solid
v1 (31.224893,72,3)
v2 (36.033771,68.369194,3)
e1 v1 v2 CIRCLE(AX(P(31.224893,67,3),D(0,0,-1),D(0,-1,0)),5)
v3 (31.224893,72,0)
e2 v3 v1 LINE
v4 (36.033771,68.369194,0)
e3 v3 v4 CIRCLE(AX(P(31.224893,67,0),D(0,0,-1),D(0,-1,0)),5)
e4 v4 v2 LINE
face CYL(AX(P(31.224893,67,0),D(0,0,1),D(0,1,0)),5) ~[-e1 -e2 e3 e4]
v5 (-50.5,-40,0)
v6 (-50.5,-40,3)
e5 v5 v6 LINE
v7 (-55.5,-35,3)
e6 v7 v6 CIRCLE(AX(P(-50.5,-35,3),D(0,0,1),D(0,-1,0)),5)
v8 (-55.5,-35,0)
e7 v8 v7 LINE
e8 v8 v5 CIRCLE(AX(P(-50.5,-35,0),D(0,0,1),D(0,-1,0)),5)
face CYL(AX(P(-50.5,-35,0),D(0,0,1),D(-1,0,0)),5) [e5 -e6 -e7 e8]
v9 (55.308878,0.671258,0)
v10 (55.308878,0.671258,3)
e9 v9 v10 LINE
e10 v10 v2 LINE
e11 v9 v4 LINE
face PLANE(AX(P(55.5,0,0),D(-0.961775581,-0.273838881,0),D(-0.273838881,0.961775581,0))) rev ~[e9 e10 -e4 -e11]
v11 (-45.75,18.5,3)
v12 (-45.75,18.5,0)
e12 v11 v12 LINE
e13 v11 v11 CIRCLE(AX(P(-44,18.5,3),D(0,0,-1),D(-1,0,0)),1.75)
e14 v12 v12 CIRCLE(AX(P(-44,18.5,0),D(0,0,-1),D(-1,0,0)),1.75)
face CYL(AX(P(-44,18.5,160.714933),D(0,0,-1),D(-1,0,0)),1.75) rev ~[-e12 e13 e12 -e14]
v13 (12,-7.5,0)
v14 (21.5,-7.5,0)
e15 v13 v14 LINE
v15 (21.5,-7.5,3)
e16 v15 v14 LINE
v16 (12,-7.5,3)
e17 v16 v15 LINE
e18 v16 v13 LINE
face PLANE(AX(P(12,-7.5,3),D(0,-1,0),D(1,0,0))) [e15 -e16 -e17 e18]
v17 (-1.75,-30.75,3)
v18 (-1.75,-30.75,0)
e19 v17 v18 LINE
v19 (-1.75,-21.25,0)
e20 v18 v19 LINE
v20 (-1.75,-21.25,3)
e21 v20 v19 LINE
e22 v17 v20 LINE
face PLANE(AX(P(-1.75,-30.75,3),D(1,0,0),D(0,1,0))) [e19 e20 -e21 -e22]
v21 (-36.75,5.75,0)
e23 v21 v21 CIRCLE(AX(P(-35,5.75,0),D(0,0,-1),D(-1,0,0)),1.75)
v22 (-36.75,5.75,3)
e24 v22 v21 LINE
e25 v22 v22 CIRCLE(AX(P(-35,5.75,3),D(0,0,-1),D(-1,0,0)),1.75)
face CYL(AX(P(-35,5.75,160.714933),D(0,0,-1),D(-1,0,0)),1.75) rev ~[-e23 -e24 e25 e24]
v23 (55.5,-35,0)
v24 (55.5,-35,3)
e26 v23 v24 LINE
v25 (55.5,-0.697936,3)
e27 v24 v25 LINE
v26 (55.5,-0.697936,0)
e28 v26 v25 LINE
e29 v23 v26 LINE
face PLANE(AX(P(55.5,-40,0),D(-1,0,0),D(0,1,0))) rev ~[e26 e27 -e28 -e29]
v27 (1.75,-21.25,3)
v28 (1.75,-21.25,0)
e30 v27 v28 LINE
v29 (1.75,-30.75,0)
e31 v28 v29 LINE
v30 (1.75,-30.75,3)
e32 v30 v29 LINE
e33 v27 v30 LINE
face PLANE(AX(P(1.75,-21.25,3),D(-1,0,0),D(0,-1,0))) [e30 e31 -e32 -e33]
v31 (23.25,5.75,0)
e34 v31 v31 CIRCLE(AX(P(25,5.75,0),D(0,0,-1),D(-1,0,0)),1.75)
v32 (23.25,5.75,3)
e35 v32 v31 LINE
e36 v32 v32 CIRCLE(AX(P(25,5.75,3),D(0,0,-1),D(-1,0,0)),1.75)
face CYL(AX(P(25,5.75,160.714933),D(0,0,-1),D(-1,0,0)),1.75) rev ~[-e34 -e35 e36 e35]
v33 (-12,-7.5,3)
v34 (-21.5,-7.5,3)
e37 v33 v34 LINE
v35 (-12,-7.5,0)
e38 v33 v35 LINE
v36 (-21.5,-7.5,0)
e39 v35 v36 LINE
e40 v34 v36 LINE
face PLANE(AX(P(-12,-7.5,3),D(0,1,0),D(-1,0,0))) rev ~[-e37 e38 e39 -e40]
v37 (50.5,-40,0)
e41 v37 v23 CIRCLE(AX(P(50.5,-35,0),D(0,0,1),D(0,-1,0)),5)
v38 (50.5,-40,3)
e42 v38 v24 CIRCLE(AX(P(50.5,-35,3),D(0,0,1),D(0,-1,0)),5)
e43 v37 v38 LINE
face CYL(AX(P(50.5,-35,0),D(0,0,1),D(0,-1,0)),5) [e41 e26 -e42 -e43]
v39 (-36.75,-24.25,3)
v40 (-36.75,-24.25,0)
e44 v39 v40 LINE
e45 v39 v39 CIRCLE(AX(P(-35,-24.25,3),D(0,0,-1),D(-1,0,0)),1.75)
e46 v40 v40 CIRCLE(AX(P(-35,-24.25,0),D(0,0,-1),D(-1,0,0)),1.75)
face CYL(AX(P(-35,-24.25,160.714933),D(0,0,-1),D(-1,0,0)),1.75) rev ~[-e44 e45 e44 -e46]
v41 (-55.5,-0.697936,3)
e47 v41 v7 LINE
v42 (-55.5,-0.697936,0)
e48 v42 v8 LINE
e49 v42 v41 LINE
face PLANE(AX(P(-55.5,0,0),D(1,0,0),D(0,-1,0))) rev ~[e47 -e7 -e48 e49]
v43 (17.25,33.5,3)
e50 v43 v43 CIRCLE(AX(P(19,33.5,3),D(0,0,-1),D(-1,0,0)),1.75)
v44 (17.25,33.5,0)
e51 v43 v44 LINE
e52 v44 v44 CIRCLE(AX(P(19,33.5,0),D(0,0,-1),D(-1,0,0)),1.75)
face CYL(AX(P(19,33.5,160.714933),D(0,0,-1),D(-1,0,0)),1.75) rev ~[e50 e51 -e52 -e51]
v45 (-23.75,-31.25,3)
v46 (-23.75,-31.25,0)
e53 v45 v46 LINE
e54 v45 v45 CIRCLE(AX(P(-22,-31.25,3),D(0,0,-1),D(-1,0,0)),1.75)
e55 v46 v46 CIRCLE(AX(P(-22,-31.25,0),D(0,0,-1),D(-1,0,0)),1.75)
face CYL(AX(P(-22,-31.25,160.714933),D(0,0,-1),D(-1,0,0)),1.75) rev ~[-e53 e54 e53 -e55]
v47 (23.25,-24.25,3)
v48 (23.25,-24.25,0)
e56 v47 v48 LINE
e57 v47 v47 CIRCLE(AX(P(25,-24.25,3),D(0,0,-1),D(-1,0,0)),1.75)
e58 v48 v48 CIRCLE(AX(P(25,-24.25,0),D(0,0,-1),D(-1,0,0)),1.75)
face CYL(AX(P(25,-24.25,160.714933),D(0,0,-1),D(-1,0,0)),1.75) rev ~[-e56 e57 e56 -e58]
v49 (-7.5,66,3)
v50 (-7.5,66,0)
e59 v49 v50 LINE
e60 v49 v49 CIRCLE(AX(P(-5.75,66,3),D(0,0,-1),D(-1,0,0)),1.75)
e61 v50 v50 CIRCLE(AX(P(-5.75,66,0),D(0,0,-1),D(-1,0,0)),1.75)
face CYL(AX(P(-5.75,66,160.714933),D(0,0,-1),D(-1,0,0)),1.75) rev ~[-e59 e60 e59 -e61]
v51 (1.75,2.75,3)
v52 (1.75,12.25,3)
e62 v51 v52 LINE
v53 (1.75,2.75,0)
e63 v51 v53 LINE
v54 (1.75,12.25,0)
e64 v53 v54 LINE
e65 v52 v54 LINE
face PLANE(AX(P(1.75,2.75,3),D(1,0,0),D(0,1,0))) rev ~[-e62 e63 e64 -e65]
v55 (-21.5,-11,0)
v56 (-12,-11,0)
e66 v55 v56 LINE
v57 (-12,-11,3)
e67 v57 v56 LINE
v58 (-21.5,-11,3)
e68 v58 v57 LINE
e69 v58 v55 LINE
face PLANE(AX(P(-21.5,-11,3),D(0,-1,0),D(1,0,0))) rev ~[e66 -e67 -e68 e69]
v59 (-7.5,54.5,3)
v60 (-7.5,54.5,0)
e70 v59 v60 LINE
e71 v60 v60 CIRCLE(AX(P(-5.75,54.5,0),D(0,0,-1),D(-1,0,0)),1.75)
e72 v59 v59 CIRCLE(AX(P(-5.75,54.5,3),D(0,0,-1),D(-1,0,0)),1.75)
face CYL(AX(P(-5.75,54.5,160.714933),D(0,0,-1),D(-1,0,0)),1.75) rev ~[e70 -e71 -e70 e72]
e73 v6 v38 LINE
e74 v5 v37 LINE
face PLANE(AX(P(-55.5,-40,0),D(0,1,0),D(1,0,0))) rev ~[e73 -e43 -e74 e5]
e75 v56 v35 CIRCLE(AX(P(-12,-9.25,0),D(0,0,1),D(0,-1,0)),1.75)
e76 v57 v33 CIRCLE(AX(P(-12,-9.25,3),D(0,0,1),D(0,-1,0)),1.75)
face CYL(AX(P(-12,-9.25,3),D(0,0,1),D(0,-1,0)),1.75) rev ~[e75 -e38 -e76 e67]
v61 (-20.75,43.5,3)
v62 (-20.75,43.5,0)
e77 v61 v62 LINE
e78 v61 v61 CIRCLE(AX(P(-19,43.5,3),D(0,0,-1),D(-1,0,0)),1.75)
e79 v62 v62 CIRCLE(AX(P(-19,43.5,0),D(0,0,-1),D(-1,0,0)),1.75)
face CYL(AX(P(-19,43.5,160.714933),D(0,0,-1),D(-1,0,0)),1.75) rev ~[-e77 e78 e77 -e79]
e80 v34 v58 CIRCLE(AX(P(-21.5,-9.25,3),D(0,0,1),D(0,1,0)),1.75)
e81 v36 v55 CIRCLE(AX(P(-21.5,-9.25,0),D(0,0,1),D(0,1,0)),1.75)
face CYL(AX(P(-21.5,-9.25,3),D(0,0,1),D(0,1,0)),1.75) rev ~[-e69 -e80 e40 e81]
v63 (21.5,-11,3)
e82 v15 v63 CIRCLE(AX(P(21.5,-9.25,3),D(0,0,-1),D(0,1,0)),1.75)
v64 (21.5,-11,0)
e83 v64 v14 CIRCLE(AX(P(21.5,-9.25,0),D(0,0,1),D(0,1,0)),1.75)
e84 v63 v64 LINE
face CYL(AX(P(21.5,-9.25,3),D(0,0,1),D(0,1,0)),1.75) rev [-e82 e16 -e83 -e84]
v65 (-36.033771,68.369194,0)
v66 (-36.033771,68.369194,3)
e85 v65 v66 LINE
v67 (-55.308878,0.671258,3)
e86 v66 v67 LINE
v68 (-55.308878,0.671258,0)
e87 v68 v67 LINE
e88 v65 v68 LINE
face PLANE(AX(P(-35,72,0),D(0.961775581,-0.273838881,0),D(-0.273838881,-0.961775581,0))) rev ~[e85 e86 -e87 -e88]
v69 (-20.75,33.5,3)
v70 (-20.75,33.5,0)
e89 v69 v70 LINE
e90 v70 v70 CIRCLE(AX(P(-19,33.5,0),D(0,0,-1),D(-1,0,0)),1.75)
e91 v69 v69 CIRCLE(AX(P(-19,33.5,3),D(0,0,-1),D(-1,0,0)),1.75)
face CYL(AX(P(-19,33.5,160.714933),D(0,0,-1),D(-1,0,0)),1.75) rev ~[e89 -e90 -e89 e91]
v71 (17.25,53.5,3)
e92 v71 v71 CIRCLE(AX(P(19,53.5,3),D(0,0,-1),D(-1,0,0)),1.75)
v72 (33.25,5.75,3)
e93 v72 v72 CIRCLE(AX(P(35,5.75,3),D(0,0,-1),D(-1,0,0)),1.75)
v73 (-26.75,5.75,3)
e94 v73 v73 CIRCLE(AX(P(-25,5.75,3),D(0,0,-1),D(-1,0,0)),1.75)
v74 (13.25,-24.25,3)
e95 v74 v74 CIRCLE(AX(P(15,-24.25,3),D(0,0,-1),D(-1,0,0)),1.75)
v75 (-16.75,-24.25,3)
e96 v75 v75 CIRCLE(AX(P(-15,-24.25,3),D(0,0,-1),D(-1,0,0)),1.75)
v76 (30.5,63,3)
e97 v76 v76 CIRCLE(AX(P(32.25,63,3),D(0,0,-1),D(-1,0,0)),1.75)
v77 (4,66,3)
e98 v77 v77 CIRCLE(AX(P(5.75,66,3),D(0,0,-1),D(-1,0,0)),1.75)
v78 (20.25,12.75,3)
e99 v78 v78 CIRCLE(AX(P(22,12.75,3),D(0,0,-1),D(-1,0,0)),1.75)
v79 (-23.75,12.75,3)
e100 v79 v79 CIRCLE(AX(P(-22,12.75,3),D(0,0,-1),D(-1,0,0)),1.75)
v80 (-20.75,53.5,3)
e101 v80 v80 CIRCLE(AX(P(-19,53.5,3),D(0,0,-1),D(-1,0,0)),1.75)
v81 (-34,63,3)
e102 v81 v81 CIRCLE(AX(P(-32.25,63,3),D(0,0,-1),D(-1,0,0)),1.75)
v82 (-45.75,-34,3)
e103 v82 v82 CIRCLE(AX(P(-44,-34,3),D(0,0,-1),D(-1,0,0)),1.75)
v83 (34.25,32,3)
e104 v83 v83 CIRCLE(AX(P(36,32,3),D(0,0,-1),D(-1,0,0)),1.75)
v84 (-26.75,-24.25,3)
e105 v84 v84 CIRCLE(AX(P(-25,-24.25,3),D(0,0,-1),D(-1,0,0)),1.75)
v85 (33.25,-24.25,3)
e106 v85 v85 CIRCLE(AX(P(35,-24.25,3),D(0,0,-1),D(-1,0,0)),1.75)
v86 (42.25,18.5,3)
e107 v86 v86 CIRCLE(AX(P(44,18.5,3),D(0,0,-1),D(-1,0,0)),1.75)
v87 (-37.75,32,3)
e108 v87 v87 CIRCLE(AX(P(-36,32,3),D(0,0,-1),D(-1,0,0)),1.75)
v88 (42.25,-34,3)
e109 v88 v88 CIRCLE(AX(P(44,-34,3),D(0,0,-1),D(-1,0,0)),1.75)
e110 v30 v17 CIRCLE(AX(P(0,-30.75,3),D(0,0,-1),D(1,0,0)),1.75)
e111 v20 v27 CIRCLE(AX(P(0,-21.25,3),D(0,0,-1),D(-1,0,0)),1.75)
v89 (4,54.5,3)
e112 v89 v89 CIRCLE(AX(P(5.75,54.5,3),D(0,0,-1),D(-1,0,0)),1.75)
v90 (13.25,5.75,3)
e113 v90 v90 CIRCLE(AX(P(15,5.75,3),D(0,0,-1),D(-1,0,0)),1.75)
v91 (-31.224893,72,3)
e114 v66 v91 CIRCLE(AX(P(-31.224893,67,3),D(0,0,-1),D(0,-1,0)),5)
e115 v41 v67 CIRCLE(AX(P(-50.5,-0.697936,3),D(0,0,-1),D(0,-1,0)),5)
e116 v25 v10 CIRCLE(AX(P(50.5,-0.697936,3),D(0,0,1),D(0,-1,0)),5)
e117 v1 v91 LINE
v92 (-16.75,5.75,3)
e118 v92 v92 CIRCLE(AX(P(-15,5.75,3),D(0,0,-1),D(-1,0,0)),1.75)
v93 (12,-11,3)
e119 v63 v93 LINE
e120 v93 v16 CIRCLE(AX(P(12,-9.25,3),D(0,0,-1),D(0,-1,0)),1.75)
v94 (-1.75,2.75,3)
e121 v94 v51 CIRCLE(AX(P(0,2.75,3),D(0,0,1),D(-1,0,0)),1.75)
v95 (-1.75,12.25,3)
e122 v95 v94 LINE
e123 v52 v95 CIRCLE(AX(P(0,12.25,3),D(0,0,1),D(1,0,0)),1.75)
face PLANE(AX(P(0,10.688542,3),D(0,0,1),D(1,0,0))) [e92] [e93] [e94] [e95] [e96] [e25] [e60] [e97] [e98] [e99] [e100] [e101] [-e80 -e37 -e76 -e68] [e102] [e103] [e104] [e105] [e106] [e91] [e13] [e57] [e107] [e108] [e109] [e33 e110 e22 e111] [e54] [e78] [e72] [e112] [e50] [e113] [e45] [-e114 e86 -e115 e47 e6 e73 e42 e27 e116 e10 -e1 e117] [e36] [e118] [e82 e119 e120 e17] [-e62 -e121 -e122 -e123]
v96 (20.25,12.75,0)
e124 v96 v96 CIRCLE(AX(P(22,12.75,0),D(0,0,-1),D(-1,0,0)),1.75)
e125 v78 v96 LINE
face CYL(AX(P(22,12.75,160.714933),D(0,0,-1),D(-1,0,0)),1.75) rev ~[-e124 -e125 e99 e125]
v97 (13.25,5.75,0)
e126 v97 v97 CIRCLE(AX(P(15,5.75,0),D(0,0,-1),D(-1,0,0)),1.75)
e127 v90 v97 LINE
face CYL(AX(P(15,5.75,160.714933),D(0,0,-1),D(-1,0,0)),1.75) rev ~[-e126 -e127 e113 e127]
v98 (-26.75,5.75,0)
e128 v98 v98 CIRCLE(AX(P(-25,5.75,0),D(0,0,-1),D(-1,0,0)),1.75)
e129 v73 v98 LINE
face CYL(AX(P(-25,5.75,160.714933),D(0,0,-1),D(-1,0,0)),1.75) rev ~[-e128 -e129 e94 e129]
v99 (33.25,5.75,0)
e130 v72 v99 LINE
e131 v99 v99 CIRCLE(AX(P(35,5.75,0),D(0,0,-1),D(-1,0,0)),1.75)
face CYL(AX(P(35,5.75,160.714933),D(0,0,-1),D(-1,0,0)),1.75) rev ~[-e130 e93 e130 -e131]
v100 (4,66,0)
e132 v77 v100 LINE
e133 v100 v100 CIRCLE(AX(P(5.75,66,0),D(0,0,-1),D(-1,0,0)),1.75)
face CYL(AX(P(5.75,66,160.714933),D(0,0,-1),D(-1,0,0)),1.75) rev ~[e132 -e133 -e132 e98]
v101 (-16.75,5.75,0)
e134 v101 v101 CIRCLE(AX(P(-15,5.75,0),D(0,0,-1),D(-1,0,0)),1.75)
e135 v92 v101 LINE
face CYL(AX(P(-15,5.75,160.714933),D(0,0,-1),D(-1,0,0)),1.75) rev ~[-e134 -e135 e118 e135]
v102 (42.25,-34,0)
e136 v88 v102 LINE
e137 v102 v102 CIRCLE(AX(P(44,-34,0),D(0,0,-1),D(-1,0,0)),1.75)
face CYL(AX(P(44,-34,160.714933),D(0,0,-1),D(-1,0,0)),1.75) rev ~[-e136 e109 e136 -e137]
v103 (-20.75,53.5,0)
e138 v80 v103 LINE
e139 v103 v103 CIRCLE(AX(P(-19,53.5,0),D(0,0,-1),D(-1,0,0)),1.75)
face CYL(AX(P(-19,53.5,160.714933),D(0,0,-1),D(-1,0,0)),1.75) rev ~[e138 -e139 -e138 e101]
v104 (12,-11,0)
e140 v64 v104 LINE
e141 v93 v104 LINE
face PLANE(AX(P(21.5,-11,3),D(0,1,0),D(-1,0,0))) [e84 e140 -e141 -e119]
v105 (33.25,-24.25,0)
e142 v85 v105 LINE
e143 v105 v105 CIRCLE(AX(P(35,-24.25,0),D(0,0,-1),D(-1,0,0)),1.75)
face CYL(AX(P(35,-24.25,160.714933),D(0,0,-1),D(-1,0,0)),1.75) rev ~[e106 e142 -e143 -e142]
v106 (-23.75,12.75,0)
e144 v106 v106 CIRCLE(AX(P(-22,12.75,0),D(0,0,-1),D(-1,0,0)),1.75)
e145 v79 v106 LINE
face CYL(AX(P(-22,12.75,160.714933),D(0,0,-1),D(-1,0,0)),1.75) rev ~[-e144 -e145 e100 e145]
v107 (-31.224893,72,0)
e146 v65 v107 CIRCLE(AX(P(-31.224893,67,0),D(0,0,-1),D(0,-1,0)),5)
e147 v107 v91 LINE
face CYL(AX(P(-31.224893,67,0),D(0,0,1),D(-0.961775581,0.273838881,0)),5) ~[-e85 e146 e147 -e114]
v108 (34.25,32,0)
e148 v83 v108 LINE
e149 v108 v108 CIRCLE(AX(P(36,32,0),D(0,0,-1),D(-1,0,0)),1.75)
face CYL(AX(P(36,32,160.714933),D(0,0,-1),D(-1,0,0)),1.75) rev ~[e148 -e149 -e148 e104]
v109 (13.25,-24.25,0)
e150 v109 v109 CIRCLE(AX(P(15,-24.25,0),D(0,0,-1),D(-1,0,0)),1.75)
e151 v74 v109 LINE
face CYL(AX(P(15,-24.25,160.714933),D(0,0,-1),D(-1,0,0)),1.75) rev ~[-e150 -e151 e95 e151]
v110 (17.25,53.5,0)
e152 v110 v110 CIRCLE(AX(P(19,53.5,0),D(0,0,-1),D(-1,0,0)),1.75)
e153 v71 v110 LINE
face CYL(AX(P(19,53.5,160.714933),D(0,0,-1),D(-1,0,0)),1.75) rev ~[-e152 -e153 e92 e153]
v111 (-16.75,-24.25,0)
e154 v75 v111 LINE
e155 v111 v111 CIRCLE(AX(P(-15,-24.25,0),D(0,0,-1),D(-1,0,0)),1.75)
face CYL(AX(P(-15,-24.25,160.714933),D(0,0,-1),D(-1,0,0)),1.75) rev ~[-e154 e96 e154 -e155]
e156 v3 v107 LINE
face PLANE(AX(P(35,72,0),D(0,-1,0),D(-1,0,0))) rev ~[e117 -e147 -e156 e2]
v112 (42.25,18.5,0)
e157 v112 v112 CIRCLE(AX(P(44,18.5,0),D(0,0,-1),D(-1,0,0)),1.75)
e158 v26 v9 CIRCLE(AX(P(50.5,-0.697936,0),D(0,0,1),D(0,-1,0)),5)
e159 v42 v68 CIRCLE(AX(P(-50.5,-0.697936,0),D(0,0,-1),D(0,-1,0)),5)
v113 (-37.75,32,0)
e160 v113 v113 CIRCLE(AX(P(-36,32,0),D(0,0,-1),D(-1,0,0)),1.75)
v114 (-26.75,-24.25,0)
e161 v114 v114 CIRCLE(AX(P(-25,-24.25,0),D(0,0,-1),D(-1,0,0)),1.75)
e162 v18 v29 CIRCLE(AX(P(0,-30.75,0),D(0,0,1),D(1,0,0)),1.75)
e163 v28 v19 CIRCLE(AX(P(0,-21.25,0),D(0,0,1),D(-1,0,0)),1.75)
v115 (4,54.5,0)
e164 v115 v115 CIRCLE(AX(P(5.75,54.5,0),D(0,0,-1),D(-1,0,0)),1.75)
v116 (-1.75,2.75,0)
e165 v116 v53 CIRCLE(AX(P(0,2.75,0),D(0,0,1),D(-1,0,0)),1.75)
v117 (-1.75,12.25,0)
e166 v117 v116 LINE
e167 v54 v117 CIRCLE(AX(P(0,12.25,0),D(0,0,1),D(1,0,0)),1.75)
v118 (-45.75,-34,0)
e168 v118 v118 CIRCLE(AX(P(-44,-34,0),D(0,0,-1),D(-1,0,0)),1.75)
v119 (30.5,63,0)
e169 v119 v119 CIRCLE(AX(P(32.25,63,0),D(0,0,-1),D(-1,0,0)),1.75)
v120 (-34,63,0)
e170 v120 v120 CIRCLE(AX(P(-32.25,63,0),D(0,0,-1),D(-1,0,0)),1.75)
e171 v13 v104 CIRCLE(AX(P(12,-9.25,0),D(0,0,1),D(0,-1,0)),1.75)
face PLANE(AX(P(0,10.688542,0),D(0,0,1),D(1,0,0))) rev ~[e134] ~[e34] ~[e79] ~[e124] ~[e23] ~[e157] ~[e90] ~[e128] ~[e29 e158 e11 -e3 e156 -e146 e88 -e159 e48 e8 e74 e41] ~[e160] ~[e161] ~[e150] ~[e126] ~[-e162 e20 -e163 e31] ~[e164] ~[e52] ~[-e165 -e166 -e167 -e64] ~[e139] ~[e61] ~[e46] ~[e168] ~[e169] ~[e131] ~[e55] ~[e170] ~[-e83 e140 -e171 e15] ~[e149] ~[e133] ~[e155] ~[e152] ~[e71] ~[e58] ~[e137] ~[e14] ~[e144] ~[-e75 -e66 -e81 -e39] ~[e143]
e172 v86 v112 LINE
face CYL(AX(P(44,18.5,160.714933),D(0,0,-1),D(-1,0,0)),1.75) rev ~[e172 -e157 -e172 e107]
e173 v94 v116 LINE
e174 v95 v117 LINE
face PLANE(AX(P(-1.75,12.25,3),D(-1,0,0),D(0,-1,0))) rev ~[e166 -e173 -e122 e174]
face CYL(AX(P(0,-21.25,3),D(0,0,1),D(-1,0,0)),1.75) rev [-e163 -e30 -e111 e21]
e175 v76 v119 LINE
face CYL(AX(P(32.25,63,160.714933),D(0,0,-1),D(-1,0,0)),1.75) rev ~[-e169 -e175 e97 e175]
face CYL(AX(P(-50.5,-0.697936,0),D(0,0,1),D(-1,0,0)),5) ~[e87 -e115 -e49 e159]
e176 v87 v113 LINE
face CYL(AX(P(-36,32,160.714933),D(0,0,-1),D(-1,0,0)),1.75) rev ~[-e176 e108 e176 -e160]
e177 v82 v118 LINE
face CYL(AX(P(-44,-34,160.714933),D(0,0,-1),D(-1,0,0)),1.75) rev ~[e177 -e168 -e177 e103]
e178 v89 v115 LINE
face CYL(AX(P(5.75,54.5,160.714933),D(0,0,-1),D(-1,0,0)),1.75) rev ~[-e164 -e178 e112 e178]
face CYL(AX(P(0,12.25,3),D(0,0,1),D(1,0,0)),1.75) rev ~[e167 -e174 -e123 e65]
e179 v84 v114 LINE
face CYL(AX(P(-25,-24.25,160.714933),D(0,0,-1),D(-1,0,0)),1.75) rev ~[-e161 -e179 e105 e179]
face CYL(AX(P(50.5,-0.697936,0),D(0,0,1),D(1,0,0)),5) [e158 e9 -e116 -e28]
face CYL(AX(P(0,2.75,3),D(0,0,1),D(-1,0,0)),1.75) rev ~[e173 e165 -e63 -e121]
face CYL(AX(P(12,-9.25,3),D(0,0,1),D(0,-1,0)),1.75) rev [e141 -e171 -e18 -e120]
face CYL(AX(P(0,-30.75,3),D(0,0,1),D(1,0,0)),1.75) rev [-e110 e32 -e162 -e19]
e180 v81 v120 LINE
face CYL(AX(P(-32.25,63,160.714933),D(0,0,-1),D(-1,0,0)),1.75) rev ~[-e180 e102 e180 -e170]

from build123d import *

# Parameters (mm, degrees)
EXTRUDE_1_DEPTH         = 3
HOLE_WIZARD_3_5_3_5_1_D = 3.5
CUT_EXTRUDE_1_DEPTH     = 4
FILLET_1_R              = 5


with BuildPart() as part:
    # 草图1 → 凸台-拉伸1 (new body)
    with BuildSketch(Plane.XY):
        Polygon((-55.5, 0), (-55.5, -40), (55.5, -40), (55.5, 0), (35, 72), (-35, 72), align=None)
    extrude(amount=EXTRUDE_1_DEPTH)

    # Ø3.5 (3.5) 直径孔1 (through all)
    with Locations(Plane.XY.offset(3)):
        with Locations((-5.75, 54.5), (5.75, 54.5), (5.75, 66), (-5.75, 66), (-32.25, 63), (-36, 32), (36, 32), (32.25, 63), (-44, 18.5), (44, 18.5), (44, -34), (-44, -34), (-22, -31.25), (-15, -24.25), (15, -24.25), (15, 5.75), (-15, 5.75), (-22, 12.75), (22, 12.75), (-19, 53.5), (-19, 43.5), (-19, 33.5), (19, 33.5), (19, 53.5), (-25, 5.75), (-25, -24.25), (-35, 5.75), (-35, -24.25), (25, 5.75), (35, 5.75), (35, -24.25), (25, -24.25)):
            Hole(HOLE_WIZARD_3_5_3_5_1_D / 2)

    # 草图2 → 切除-拉伸1 (cut, through all)
    with BuildSketch(Plane.XY.offset(3)):
        with BuildLine():
            Line((1.75, -21.25), (1.75, -30.75))
            ThreePointArc((1.75, -30.75), (0, -32.5), (-1.75, -30.75))
            Line((-1.75, -30.75), (-1.75, -21.25))
            ThreePointArc((-1.75, -21.25), (0, -19.5), (1.75, -21.25))
        make_face()
        with BuildLine():
            Line((12, -7.5), (21.5, -7.5))
            ThreePointArc((21.5, -7.5), (23.25, -9.25), (21.5, -11))
            Line((21.5, -11), (12, -11))
            ThreePointArc((12, -11), (10.25, -9.25), (12, -7.5))
        make_face()
        with BuildLine():
            Line((1.75, 2.75), (1.75, 12.25))
            ThreePointArc((1.75, 12.25), (0, 14), (-1.75, 12.25))
            Line((-1.75, 12.25), (-1.75, 2.75))
            ThreePointArc((-1.75, 2.75), (0, 1), (1.75, 2.75))
        make_face()
        with BuildLine():
            Line((-12, -7.5), (-21.5, -7.5))
            ThreePointArc((-21.5, -7.5), (-23.25, -9.25), (-21.5, -11))
            Line((-21.5, -11), (-12, -11))
            ThreePointArc((-12, -11), (-10.25, -9.25), (-12, -7.5))
        make_face()
    extrude(amount=-CUT_EXTRUDE_1_DEPTH, mode=Mode.SUBTRACT)

    # 圆角1
    fillet_1_edges = [part.edges().sort_by_distance(p)[0] for p in [
        (55.5, 0, 1.5),
        (55.5, -40, 1.5),
        (-55.5, -40, 1.5),
        (-55.5, 0, 1.5),
        (-35, 72, 1.5),
        (35, 72, 1.5),
    ]]
    fillet(fillet_1_edges, radius=FILLET_1_R)


solid = part.part
